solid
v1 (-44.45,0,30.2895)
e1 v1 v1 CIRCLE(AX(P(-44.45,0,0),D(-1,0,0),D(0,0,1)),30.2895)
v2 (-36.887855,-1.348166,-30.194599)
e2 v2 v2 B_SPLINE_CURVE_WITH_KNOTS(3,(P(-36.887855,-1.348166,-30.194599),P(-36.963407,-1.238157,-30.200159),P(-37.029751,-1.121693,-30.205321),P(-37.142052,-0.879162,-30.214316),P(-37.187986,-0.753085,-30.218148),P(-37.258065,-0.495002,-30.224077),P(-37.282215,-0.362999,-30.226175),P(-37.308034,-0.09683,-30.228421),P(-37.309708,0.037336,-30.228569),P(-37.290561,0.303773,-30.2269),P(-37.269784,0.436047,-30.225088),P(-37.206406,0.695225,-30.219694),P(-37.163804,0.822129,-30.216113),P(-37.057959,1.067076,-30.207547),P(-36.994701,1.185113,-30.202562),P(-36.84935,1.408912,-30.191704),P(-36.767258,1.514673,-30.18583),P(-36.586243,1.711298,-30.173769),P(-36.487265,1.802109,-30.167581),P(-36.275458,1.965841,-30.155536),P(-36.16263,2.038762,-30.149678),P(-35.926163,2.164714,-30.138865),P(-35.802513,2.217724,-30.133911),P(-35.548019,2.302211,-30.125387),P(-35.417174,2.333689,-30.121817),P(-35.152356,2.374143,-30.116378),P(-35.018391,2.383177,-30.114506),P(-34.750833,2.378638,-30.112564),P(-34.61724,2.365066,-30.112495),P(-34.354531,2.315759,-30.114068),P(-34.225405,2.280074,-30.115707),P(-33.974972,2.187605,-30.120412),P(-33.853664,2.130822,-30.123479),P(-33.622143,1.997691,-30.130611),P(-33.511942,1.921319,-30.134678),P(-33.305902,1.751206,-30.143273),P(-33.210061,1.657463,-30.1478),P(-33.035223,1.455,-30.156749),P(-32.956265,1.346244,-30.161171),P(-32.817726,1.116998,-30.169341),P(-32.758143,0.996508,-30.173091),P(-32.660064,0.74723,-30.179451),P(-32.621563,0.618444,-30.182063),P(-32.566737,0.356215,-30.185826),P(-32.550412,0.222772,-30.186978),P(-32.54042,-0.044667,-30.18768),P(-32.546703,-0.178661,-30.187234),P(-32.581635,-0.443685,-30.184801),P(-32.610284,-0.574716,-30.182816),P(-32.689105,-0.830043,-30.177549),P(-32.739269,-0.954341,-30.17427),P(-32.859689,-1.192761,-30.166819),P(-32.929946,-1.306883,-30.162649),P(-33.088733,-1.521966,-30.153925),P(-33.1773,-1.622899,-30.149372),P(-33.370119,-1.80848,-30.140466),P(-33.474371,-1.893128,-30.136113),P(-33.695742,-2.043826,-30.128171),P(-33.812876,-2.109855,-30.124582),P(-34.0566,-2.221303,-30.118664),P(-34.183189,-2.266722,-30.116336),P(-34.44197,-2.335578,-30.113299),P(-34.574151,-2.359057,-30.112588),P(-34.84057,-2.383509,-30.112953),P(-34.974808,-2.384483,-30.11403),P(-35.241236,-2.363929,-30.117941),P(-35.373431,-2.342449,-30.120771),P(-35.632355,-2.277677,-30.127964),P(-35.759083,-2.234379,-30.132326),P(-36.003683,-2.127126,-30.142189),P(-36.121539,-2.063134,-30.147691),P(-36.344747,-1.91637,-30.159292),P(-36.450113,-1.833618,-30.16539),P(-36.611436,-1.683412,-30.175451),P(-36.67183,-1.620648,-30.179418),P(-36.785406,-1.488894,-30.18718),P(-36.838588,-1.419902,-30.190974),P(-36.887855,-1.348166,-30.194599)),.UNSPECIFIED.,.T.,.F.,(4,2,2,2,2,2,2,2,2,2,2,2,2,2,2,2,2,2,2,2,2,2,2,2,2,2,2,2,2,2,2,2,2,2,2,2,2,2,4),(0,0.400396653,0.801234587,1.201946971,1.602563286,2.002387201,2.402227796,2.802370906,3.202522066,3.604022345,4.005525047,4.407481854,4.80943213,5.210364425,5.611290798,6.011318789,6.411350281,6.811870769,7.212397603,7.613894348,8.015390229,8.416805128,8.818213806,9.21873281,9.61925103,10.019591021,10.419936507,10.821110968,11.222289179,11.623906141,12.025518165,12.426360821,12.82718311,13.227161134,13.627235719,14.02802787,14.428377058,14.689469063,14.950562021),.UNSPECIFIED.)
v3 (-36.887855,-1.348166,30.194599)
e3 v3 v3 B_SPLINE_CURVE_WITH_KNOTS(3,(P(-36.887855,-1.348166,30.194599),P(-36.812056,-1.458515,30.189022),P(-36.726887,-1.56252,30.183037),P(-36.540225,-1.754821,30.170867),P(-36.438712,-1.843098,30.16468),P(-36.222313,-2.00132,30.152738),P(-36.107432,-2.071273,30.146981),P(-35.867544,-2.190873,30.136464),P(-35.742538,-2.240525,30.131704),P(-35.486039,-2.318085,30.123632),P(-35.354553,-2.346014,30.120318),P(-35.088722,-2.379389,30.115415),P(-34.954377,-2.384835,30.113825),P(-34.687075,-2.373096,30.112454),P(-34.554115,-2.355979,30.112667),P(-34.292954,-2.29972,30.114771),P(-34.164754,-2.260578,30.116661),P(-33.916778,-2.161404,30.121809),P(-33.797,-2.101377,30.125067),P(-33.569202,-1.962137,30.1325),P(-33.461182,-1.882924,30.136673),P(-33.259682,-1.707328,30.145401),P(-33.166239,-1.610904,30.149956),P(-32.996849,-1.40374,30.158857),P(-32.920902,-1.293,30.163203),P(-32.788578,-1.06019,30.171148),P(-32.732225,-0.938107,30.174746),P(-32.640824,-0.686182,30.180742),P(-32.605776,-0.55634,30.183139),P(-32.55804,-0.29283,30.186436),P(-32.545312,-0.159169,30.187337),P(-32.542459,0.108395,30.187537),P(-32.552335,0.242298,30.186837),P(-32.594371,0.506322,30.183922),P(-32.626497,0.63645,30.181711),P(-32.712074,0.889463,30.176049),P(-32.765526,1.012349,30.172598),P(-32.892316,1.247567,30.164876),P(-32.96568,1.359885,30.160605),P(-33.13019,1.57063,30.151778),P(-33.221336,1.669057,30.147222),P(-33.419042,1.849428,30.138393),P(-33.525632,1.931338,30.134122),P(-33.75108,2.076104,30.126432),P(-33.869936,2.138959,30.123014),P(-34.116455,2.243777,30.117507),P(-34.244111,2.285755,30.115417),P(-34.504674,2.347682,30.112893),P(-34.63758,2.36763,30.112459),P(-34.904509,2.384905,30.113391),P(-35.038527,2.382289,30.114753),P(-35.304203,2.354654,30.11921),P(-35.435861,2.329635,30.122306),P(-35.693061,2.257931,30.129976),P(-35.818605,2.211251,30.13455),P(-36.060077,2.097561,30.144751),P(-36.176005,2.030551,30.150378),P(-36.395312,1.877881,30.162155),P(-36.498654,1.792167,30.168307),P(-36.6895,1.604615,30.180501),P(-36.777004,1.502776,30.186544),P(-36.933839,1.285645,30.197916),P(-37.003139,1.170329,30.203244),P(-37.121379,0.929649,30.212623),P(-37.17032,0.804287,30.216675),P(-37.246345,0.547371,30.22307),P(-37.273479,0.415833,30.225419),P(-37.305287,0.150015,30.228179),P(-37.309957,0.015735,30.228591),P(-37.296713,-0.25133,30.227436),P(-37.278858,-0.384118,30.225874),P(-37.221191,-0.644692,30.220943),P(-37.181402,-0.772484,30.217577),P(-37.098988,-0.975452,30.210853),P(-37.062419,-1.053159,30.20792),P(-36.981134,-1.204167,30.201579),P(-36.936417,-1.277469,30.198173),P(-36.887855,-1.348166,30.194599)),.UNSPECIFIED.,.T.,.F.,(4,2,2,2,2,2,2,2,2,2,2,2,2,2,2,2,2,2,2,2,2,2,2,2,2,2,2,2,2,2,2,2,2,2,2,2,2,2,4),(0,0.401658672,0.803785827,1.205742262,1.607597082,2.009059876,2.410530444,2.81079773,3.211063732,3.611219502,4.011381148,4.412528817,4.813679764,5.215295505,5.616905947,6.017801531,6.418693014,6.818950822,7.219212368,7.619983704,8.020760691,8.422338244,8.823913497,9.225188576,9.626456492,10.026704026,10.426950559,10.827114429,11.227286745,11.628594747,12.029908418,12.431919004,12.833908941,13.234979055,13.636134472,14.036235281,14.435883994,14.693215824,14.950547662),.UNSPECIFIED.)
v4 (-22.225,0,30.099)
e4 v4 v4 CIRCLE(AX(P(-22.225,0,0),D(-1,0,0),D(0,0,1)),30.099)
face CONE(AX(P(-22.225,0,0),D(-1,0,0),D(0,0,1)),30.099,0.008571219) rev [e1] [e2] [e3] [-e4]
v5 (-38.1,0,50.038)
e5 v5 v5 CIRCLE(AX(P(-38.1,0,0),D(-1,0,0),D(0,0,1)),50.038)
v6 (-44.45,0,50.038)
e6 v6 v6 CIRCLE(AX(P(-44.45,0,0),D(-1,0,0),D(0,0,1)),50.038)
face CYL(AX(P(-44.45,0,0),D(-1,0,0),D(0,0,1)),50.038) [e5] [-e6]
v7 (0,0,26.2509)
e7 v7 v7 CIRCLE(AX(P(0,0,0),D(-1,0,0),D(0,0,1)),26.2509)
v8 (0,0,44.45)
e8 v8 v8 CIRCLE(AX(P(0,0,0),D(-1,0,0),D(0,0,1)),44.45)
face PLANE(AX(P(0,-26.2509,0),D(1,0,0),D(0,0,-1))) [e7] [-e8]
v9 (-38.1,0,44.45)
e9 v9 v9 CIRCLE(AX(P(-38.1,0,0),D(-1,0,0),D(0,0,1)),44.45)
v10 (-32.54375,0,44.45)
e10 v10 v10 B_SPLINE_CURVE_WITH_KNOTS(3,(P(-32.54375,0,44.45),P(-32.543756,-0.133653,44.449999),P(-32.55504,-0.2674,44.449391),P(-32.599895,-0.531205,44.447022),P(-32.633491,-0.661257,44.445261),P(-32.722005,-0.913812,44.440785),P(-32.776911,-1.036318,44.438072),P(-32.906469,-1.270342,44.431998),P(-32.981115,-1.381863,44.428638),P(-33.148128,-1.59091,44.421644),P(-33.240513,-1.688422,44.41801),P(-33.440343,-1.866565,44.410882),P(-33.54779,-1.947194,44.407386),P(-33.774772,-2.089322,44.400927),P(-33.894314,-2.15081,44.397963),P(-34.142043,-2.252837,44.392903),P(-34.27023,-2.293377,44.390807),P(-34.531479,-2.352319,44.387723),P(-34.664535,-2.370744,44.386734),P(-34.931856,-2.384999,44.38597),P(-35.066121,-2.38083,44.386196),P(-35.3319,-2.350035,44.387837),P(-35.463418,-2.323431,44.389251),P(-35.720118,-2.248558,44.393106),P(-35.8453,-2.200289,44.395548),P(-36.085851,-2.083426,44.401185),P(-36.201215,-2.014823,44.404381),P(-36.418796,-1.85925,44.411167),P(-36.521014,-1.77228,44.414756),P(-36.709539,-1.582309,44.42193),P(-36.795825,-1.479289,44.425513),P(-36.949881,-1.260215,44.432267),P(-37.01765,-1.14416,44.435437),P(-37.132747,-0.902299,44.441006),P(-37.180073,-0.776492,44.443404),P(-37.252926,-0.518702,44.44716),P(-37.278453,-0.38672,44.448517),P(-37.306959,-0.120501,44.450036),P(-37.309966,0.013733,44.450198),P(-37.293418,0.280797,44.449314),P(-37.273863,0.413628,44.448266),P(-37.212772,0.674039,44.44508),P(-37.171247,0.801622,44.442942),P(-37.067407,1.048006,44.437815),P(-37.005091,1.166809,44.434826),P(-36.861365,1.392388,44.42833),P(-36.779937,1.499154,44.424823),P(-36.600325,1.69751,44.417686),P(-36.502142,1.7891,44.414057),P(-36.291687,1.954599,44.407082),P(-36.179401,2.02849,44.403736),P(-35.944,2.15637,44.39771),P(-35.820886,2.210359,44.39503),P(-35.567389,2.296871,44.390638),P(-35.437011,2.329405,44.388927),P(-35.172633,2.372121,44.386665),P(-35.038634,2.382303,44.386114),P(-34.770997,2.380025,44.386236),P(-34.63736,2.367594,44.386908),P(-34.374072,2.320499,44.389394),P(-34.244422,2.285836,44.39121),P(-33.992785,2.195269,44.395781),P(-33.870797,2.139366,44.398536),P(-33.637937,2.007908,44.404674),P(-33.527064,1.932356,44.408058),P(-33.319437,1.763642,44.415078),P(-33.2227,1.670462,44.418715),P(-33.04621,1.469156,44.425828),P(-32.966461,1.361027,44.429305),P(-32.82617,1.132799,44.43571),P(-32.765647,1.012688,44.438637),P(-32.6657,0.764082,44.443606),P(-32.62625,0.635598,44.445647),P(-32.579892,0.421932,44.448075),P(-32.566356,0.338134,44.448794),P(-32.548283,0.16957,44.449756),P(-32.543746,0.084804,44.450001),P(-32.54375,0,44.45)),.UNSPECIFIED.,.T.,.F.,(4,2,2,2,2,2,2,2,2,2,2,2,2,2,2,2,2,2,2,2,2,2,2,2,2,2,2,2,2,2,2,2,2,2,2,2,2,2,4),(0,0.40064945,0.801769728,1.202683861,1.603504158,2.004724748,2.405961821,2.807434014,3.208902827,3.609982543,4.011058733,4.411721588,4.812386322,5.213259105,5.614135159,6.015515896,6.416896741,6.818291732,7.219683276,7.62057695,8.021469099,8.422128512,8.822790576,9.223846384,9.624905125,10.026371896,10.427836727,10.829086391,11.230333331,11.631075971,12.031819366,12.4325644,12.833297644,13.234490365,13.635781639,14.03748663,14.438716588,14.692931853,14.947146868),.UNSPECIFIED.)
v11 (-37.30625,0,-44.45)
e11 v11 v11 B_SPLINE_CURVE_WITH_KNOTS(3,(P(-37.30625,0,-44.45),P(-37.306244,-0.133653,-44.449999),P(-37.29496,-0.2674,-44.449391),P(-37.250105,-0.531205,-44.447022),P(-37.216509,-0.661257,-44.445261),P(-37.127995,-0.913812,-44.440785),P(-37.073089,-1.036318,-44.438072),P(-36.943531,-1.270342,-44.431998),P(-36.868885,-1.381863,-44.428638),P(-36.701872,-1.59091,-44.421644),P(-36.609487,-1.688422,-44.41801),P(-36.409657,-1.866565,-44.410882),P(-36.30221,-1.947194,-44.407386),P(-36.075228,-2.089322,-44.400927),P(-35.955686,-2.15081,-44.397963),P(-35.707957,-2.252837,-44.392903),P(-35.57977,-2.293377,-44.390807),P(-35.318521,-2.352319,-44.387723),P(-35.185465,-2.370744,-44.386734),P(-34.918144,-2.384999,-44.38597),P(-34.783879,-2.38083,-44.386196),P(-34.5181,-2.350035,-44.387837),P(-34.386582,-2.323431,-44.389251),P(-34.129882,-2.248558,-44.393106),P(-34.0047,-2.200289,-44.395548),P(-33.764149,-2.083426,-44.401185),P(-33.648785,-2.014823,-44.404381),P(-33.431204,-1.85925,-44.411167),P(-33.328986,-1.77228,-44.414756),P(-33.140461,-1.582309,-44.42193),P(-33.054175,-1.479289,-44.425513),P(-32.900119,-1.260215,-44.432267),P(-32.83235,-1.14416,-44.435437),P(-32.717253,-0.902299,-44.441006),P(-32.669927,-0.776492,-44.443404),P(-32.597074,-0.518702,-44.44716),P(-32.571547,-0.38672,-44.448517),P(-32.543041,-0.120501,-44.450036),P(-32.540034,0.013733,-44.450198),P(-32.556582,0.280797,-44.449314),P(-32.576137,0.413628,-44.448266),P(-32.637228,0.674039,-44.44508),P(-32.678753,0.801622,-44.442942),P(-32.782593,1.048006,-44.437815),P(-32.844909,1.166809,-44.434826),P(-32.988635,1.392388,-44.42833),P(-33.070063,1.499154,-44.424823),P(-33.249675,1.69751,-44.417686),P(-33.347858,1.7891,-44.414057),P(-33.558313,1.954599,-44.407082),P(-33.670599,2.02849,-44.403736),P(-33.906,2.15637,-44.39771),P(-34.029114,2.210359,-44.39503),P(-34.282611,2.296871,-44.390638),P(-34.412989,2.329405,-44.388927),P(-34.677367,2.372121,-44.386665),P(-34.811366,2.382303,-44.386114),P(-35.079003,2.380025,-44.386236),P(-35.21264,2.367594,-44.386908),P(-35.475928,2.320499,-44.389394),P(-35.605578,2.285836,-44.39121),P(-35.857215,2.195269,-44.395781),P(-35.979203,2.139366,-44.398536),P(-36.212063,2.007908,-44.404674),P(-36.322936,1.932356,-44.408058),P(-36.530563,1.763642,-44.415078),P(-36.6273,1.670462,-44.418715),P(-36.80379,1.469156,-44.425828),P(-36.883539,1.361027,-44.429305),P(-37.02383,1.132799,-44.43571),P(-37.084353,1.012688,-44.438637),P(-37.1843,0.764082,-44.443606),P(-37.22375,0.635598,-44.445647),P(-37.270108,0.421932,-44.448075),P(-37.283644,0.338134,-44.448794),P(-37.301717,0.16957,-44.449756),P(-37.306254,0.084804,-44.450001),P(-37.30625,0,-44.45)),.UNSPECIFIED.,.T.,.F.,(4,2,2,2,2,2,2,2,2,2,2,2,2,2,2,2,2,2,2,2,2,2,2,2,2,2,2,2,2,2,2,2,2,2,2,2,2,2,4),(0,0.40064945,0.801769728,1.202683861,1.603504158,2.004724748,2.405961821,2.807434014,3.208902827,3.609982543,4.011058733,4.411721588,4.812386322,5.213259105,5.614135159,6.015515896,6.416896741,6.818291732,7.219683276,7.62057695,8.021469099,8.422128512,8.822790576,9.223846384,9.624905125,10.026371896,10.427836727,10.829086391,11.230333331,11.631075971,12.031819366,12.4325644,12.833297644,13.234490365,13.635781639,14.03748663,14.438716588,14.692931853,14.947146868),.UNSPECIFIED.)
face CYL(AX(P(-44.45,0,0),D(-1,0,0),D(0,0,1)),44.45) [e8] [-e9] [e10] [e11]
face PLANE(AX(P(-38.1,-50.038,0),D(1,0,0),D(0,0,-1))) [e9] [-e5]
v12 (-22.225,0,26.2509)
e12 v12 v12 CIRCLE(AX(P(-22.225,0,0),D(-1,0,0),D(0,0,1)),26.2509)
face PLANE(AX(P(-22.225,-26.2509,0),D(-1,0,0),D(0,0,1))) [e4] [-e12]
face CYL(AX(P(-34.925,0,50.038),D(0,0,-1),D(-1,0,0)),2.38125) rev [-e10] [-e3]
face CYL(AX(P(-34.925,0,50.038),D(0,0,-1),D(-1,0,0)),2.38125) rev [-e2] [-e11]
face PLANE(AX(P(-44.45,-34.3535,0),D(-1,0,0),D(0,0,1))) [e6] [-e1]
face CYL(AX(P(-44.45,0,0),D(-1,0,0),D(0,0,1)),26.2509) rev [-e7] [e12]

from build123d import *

# Parameters (mm, degrees)
SKETCH2_R               = 2.38125
CUT_EXTRUDE1_DEPTH      = 51.038
CUT_EXTRUDE1_DEPTH_BACK = 51.038


with BuildPart() as part:
    # Sketch1 → Revolve1 (revolve)
    with BuildSketch(Plane.XY):
        Polygon((-38.1, -44.45), (0, -44.45), (0, -26.2509), (-22.225, -26.2509), (-22.225, -30.099), (-44.45, -30.2895), (-44.45, -34.3535), (-44.45, -50.038), (-38.1, -50.038), align=None)
    revolve(axis=Axis((-44.45, 0, 0), (1, 0, 0)))

    # Sketch2 → Cut-Extrude1 (cut, two sides)
    with BuildSketch(Plane.XY) as cut_extrude1_sk:
        with Locations((-34.925, 0)):
            Circle(SKETCH2_R)
    extrude(amount=CUT_EXTRUDE1_DEPTH, mode=Mode.SUBTRACT)
    extrude(cut_extrude1_sk.sketch, amount=-CUT_EXTRUDE1_DEPTH_BACK, mode=Mode.SUBTRACT)


solid = part.part
